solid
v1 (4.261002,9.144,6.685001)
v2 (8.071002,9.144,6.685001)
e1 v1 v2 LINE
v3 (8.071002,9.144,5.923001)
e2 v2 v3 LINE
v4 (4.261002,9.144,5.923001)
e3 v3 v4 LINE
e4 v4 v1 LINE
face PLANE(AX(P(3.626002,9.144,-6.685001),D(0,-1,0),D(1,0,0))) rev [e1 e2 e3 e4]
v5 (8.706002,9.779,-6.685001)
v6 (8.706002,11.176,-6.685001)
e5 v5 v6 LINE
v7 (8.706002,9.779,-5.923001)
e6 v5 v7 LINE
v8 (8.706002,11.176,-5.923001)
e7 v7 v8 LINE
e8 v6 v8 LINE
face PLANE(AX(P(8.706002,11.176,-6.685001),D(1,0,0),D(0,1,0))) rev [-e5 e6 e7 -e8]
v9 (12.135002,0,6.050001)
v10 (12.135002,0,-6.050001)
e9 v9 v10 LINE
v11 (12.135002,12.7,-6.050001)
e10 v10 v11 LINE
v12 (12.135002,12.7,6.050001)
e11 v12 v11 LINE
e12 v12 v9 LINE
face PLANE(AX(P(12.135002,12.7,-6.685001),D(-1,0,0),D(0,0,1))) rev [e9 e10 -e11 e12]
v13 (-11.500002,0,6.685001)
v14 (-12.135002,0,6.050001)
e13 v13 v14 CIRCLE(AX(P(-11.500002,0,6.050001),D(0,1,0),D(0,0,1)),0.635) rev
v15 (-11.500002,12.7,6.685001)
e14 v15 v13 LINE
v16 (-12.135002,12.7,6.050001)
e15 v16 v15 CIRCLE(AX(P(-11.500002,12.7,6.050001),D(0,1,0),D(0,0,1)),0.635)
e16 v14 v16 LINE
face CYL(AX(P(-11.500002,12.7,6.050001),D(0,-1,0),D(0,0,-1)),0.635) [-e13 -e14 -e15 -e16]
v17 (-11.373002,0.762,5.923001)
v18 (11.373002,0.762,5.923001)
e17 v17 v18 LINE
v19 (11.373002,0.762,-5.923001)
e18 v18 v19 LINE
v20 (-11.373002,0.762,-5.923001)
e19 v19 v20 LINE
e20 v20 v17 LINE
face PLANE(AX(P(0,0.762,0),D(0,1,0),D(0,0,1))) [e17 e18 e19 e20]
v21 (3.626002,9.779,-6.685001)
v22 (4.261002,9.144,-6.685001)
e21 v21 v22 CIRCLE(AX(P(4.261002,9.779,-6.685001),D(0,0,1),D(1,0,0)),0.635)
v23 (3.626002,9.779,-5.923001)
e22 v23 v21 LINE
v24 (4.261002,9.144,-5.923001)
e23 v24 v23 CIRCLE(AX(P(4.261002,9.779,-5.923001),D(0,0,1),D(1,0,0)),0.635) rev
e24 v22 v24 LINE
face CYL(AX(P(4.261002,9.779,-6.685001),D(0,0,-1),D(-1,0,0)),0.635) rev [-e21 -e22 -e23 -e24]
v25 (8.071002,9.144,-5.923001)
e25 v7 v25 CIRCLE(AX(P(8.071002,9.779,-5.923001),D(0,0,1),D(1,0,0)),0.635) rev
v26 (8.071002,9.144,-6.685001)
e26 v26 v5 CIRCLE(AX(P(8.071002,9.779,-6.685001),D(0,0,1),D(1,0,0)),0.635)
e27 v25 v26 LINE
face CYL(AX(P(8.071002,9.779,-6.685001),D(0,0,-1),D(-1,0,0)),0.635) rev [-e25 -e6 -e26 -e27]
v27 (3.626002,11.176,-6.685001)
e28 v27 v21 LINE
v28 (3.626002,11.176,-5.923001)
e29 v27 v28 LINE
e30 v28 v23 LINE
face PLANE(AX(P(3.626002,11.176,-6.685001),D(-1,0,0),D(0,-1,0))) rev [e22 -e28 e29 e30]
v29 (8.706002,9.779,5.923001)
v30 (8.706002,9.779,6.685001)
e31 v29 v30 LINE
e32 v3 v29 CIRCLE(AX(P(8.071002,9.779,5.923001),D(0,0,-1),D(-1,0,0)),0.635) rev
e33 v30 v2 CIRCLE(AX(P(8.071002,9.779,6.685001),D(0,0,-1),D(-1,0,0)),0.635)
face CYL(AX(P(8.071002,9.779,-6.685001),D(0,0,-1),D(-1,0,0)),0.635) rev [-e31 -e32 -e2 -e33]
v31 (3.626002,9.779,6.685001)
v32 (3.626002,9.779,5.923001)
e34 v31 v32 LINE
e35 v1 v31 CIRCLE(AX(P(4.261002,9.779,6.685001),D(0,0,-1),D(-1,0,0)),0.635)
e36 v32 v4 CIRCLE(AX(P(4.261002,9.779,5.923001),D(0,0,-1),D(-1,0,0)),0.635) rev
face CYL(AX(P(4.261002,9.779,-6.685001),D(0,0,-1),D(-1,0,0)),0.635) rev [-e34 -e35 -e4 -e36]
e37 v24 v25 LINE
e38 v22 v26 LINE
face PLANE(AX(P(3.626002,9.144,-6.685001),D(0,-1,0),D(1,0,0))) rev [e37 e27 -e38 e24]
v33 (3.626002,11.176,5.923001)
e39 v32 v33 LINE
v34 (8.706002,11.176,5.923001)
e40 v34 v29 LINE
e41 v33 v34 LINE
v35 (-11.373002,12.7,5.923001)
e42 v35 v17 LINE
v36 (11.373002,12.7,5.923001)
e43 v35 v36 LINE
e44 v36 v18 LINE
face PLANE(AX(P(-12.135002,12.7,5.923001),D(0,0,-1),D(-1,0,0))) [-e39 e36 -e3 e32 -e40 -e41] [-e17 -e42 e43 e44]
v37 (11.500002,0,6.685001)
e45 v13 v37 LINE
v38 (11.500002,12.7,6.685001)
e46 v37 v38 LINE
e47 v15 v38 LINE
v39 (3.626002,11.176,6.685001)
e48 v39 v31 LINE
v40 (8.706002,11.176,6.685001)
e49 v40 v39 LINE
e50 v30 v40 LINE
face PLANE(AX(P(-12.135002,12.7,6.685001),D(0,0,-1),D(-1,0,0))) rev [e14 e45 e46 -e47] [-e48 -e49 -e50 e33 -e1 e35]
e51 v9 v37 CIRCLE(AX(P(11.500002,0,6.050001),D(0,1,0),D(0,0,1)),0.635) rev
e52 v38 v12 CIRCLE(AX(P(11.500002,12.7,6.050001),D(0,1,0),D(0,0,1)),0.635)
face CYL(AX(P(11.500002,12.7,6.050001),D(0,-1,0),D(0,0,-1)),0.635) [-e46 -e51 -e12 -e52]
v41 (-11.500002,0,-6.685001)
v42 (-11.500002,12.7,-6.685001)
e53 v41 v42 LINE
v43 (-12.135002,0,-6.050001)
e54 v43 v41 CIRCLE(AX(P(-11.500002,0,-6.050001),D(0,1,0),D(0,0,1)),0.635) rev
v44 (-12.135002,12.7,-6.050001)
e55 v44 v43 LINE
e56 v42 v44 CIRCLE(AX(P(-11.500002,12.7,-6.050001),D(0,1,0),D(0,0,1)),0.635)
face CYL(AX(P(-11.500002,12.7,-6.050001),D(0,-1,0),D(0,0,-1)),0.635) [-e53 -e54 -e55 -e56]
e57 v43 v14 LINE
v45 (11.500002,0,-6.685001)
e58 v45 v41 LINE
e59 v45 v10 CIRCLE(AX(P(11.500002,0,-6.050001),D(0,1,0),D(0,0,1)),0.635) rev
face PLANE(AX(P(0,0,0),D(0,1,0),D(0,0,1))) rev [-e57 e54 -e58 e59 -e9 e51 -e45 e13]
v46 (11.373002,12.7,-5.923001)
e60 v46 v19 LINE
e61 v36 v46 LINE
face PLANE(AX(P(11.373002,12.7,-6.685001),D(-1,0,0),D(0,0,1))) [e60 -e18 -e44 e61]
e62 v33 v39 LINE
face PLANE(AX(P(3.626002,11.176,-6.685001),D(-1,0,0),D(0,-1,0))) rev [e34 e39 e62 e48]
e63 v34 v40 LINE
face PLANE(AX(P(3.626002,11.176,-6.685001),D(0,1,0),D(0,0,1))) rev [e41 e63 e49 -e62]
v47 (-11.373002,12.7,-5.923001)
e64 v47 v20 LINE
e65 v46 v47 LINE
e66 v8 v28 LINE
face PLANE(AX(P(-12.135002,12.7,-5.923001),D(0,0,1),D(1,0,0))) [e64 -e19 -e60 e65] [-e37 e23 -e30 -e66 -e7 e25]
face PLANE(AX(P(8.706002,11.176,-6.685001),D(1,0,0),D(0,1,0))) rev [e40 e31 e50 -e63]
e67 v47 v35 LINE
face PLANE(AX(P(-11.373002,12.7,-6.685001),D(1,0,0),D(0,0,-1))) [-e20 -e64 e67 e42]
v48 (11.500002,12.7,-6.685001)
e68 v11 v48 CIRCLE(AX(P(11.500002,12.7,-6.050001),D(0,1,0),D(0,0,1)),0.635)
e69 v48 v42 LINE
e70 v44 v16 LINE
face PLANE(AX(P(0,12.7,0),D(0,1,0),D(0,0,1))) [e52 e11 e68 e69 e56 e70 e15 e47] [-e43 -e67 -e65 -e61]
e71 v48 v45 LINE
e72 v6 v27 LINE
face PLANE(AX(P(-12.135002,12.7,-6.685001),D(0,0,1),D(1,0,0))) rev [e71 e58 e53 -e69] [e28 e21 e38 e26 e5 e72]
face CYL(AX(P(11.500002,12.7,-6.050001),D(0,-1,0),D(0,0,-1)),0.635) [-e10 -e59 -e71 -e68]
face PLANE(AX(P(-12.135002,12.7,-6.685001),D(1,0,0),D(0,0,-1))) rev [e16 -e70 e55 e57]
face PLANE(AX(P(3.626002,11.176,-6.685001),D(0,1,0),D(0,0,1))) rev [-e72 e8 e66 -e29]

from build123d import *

# Parameters (mm, degrees)
SKETCH1_W           = 24.2700048
SKETCH1_H           = 13.3700012
BOSS_EXTRUDE1_DEPTH = 12.7
SHELL1_T            = -0.762
FILLET1_R           = 0.635
SKETCH2_W           = 5.08
SKETCH2_H           = 2.032
CUT_EXTRUDE1_DEPTH  = 23.074990721
FILLET2_R           = 0.635


with BuildPart() as part:
    # Sketch1 → Boss-Extrude1 (new body)
    with BuildSketch(Plane(origin=(0, 0, 0), x_dir=(1, 0, 0), z_dir=(0, 1, 0))):
        Rectangle(SKETCH1_W, SKETCH1_H)
    extrude(amount=BOSS_EXTRUDE1_DEPTH)

    # Shell1
    shell1_openings = [part.faces().sort_by_distance(p)[0] for p in [
        (0, 12.7, 0),
    ]]
    offset(amount=SHELL1_T, openings=shell1_openings, kind=Kind.INTERSECTION)

    # Fillet1
    fillet1_edges = [part.edges().sort_by_distance(p)[0] for p in [
        (12.1350024, 6.35, 6.6850006),
        (-12.1350024, 6.35, 6.6850006),
        (-12.1350024, 6.35, -6.6850006),
        (12.1350024, 6.35, -6.6850006),
    ]]
    fillet(fillet1_edges, radius=FILLET1_R)

    # Sketch2 → Cut-Extrude1 (cut, through all)
    with BuildSketch(Plane.XY.offset(6.6850006)):
        with Locations((6.1660024, 10.16)):
            Rectangle(SKETCH2_W, SKETCH2_H)
    extrude(amount=-CUT_EXTRUDE1_DEPTH, mode=Mode.SUBTRACT)

    # Fillet2
    fillet2_edges = [part.edges().sort_by_distance(p)[0] for p in [
        (8.7060024, 9.144, -6.3040006),
        (3.6260024, 9.144, -6.3040006),
        (8.7060024, 9.144, 6.3040006),
        (3.6260024, 9.144, 6.3040006),
    ]]
    fillet(fillet2_edges, radius=FILLET2_R)


solid = part.part
